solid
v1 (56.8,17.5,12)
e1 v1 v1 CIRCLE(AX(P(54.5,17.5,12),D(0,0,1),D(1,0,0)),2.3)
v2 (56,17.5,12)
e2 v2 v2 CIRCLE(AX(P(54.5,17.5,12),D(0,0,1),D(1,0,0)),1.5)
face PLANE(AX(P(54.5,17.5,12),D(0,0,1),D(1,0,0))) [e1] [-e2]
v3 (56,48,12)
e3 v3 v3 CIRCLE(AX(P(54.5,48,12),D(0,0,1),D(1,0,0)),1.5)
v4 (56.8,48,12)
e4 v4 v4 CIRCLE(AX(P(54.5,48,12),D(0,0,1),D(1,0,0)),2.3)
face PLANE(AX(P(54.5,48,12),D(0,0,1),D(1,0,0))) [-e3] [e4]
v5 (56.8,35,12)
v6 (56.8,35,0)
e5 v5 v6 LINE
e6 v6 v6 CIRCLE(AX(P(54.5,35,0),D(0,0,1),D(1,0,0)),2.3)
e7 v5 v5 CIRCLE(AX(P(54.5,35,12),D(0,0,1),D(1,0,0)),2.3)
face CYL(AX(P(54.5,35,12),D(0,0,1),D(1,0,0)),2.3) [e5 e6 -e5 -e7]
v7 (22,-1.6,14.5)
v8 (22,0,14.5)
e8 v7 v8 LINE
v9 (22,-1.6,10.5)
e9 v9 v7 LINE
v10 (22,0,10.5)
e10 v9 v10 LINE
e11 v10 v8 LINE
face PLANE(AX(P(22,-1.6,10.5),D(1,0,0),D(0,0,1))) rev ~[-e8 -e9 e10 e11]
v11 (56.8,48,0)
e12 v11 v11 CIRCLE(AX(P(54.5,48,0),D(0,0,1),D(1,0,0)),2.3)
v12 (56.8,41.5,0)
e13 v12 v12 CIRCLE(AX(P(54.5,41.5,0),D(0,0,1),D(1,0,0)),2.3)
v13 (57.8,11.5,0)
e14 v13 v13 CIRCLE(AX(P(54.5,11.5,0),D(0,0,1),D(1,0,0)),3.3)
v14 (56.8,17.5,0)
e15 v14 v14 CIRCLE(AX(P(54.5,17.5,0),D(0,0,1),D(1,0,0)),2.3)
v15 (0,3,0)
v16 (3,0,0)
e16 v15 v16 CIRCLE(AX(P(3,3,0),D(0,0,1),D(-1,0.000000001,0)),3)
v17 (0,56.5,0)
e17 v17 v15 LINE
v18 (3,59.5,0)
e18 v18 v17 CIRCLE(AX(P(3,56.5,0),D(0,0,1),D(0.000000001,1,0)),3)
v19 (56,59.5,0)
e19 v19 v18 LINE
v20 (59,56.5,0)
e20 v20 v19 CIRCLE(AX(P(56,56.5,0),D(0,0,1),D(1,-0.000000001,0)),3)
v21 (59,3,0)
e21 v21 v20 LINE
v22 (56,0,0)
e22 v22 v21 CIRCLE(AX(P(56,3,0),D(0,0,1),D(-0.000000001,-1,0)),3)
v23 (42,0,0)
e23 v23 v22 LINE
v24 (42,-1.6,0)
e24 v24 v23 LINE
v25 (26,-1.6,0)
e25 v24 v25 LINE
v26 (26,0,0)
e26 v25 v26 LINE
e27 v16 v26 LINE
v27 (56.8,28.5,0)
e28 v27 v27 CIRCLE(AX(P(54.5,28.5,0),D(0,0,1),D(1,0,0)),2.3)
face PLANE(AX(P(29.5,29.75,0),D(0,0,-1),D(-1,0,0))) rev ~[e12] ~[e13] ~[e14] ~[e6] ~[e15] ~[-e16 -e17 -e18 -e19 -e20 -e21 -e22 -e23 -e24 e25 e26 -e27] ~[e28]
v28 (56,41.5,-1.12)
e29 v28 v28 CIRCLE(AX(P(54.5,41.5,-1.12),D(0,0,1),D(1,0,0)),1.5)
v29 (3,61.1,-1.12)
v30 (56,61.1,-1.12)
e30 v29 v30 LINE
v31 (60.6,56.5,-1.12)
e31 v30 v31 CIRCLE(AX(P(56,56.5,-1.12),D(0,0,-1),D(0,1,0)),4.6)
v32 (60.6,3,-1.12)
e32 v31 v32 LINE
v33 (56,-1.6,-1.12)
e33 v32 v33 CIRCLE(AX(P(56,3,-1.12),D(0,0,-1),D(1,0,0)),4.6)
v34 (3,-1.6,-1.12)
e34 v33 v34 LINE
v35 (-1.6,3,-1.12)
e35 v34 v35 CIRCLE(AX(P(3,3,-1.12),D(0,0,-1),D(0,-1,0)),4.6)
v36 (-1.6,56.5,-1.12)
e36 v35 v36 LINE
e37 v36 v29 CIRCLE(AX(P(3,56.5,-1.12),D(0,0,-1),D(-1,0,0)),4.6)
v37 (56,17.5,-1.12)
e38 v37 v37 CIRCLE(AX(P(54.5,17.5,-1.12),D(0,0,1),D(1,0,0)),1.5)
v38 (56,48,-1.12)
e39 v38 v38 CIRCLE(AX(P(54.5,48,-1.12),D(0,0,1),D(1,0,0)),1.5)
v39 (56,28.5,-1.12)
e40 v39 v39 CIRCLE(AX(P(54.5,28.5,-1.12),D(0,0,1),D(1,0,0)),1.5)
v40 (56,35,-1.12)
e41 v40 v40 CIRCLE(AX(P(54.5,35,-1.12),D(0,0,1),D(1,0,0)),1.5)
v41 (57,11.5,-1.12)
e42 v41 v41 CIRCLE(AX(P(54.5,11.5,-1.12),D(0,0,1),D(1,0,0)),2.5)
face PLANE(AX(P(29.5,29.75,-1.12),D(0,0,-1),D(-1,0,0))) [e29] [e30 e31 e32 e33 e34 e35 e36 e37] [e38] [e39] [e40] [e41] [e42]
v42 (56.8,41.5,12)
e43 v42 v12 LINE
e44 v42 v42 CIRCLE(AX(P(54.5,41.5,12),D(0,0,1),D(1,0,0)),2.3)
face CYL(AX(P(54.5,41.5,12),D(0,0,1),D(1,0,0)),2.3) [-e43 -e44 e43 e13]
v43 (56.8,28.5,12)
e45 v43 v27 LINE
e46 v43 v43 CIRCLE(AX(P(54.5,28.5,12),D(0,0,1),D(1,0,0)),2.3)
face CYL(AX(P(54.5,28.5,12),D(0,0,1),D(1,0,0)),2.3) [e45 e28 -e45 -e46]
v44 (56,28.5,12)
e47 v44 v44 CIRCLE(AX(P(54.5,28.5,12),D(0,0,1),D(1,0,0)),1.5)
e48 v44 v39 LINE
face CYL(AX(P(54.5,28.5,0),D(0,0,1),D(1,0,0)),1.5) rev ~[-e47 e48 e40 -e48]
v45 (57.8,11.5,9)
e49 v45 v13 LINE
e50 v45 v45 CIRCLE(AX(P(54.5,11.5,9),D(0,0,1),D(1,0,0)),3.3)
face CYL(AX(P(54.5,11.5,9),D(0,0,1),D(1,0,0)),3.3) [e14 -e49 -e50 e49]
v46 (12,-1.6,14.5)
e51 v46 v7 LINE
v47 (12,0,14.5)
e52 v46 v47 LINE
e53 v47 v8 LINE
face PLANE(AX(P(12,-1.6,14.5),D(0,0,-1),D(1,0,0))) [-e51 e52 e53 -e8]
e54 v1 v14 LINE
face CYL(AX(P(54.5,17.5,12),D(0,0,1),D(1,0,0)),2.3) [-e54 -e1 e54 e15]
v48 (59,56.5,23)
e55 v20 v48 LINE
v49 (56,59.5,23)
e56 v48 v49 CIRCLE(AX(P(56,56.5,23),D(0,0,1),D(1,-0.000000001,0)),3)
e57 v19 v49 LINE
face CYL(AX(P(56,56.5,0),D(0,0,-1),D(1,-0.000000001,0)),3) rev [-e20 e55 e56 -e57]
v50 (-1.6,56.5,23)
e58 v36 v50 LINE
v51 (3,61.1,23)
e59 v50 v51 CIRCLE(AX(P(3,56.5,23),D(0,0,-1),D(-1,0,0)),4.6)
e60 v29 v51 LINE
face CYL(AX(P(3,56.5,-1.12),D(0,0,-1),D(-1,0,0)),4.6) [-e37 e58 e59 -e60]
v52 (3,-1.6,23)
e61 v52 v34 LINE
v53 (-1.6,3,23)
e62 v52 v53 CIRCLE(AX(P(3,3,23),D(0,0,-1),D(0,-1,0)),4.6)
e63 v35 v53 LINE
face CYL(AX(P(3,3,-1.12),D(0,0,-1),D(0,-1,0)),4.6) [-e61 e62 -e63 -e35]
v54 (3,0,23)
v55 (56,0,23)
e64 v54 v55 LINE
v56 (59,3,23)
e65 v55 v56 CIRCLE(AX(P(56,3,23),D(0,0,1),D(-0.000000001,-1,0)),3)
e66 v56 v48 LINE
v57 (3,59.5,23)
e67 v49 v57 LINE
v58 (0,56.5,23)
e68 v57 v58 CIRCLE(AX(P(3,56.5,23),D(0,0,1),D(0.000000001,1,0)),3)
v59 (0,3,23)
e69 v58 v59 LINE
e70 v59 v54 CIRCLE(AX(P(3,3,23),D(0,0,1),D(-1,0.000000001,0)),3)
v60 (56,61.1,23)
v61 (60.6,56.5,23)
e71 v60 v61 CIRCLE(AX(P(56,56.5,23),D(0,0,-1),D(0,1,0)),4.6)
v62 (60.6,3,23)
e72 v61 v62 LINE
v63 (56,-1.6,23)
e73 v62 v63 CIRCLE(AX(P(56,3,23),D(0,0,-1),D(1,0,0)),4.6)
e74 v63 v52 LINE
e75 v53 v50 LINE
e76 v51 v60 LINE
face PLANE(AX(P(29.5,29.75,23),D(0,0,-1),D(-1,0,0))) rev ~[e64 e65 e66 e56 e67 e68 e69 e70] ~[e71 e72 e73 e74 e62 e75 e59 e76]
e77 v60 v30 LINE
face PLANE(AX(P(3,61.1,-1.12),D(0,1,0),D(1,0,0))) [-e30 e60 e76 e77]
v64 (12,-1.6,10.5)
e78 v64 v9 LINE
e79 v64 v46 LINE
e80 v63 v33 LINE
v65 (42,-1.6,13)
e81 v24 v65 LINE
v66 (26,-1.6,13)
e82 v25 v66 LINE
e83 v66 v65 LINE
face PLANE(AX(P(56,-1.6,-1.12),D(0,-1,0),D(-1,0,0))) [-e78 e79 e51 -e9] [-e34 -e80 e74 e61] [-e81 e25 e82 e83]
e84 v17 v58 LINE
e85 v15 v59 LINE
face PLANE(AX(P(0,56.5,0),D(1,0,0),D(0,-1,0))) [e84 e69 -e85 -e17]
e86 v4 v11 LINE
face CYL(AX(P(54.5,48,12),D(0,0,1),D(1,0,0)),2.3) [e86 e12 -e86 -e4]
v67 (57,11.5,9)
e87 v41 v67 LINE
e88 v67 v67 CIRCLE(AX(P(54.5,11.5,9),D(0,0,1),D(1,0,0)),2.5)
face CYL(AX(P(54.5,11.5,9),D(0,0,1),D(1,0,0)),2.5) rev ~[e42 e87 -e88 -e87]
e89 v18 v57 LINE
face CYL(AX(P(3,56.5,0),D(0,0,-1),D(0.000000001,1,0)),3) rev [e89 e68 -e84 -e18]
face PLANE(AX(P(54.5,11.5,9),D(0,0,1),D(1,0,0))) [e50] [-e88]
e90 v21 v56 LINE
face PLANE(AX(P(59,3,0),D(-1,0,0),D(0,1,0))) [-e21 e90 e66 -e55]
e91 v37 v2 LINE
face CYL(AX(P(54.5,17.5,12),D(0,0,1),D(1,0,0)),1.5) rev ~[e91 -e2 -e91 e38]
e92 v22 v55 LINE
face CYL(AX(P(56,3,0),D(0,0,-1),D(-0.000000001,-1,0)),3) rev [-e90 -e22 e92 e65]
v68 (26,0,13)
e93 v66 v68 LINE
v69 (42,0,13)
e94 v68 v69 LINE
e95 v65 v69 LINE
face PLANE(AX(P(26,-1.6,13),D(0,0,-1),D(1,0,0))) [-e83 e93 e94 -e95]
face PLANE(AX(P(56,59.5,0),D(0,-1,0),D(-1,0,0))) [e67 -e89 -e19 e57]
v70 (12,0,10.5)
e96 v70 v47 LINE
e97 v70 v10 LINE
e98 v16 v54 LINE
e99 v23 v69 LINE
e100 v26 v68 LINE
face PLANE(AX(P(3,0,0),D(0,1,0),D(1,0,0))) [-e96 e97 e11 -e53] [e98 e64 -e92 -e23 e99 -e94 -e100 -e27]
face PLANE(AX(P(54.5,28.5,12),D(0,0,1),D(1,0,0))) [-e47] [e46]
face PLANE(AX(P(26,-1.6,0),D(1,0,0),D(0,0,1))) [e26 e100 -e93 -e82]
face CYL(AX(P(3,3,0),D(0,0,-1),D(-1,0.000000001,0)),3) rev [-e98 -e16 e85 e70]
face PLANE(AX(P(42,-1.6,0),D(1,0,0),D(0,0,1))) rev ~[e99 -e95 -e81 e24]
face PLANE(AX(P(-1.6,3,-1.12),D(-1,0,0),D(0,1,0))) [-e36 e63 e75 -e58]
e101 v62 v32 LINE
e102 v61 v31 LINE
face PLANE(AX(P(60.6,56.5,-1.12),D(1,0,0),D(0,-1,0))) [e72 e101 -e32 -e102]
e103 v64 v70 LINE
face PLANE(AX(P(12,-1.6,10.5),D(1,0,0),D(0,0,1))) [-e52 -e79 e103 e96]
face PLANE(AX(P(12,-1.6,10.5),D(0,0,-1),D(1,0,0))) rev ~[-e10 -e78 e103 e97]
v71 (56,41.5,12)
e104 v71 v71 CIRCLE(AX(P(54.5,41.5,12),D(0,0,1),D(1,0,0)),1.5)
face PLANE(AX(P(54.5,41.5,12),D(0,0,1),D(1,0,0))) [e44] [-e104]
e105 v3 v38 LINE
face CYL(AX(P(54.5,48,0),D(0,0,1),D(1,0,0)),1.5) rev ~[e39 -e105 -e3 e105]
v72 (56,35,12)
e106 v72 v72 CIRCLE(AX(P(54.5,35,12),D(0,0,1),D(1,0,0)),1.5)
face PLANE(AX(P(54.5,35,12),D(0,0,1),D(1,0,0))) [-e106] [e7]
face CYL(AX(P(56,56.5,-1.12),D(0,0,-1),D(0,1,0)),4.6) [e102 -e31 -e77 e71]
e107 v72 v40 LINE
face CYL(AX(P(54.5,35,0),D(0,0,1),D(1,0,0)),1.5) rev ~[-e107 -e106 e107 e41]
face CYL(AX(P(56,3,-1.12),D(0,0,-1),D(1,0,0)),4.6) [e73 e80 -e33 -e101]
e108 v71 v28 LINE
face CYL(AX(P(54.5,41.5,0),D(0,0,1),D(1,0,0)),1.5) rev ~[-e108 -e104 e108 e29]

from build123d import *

# Parameters (mm, degrees)
PARED_DEPTH             = 23
CONECTORES_REACH        = 92.181
CROQUIS2_W              = 16
CROQUIS2_H              = 13
CROQUIS2_W_2            = 10
CROQUIS2_H_2            = 4
BASE_START              = -1.12
BASE_FRENTE_DEPTH       = 1.12
LUCES_REACH             = 91.076
CROQUIS3_R              = 1.5
CROQUIS3_R_2            = 2.5
SALIENTE_EXTRUIR1_START = 12
CROQUIS3_3_R            = 2.3
CROQUIS3_3_R_2          = 1.5
SALIENTE_EXTRUIR1_DEPTH = 12
SALIENTE_EXTRUIR2_START = 9
CROQUIS3_4_R            = 3.3
CROQUIS3_4_R_2          = 2.5
SALIENTE_EXTRUIR2_DEPTH = 9


with BuildPart() as part:
    # Croquis1 → pared (new body)
    with BuildSketch(Plane.XY):
        with BuildLine():
            Line((3, 61.1), (56, 61.1))
            ThreePointArc((56, 61.1), (59.252691193, 59.752691193), (60.6, 56.5))
            Line((60.6, 56.5), (60.6, 3))
            ThreePointArc((60.6, 3), (59.252691193, -0.252691193), (56, -1.6))
            Line((56, -1.6), (3, -1.6))
            ThreePointArc((3, -1.6), (-0.252691193, -0.252691193), (-1.6, 3))
            Line((-1.6, 3), (-1.6, 56.5))
            ThreePointArc((-1.6, 56.5), (-0.252691193, 59.752691193), (3, 61.1))
        make_face()
        with BuildLine():
            Line((3, 0), (56, 0))
            ThreePointArc((56, 0), (58.121320344, 0.878679656), (59, 3))
            Line((59, 3), (59, 56.5))
            ThreePointArc((59, 56.5), (58.121320344, 58.621320344), (56, 59.5))
            Line((56, 59.5), (3, 59.5))
            ThreePointArc((3, 59.5), (0.878679656, 58.621320344), (0, 56.5))
            Line((0, 56.5), (0, 3))
            ThreePointArc((0, 3), (0.878679656, 0.878679656), (3, 0))
        make_face(mode=Mode.SUBTRACT)
    extrude(amount=PARED_DEPTH)

    # Croquis2 → conectores (cut, up to next)
    with BuildSketch(Plane.XZ.offset(1.6), mode=Mode.PRIVATE) as conectores_sk1:
        with Locations((34, 6.5)):
            Rectangle(CROQUIS2_W, CROQUIS2_H)
    conectores_tool1 = extrude(conectores_sk1.sketch, amount=-CONECTORES_REACH, mode=Mode.PRIVATE) & part.part
    # Croquis2 → conectores (cut, up to next)
    with BuildSketch(Plane.XZ.offset(1.6), mode=Mode.PRIVATE) as conectores_sk2:
        with Locations((17, 12.5)):
            Rectangle(CROQUIS2_W_2, CROQUIS2_H_2)
    conectores_tool2 = extrude(conectores_sk2.sketch, amount=-CONECTORES_REACH, mode=Mode.PRIVATE) & part.part
    add(conectores_tool1.solids().sort_by_distance((34, -1.6, 6.5))[0], mode=Mode.SUBTRACT)
    add(conectores_tool2.solids().sort_by_distance((17, -1.6, 12.5))[0], mode=Mode.SUBTRACT)

    # Croquis1<2> → base frente (add)
    with BuildSketch(Plane.XY.offset(BASE_START)):
        with BuildLine():
            Line((3, 61.1), (56, 61.1))
            ThreePointArc((56, 61.1), (59.252691193, 59.752691193), (60.6, 56.5))
            Line((60.6, 56.5), (60.6, 3))
            ThreePointArc((60.6, 3), (59.252691193, -0.252691193), (56, -1.6))
            Line((56, -1.6), (3, -1.6))
            ThreePointArc((3, -1.6), (-0.252691193, -0.252691193), (-1.6, 3))
            Line((-1.6, 3), (-1.6, 56.5))
            ThreePointArc((-1.6, 56.5), (-0.252691193, 59.752691193), (3, 61.1))
        make_face()
    extrude(amount=BASE_FRENTE_DEPTH)

    # Croquis3 → luces (cut, up to next)
    with BuildSketch(Plane.XY, mode=Mode.PRIVATE) as luces_sk1:
        with Locations((54.5, 48)):
            Circle(CROQUIS3_R)
    luces_tool1 = extrude(luces_sk1.sketch, amount=-LUCES_REACH, mode=Mode.PRIVATE) & part.part
    # Croquis3 → luces (cut, up to next)
    with BuildSketch(Plane.XY, mode=Mode.PRIVATE) as luces_sk2:
        with Locations((54.5, 41.5)):
            Circle(CROQUIS3_R)
    luces_tool2 = extrude(luces_sk2.sketch, amount=-LUCES_REACH, mode=Mode.PRIVATE) & part.part
    # Croquis3 → luces (cut, up to next)
    with BuildSketch(Plane.XY, mode=Mode.PRIVATE) as luces_sk3:
        with Locations((54.5, 35)):
            Circle(CROQUIS3_R)
    luces_tool3 = extrude(luces_sk3.sketch, amount=-LUCES_REACH, mode=Mode.PRIVATE) & part.part
    # Croquis3 → luces (cut, up to next)
    with BuildSketch(Plane.XY, mode=Mode.PRIVATE) as luces_sk4:
        with Locations((54.5, 28.5)):
            Circle(CROQUIS3_R)
    luces_tool4 = extrude(luces_sk4.sketch, amount=-LUCES_REACH, mode=Mode.PRIVATE) & part.part
    # Croquis3 → luces (cut, up to next)
    with BuildSketch(Plane.XY, mode=Mode.PRIVATE) as luces_sk5:
        with Locations((54.5, 17.5)):
            Circle(CROQUIS3_R)
    luces_tool5 = extrude(luces_sk5.sketch, amount=-LUCES_REACH, mode=Mode.PRIVATE) & part.part
    # Croquis3 → luces (cut, up to next)
    with BuildSketch(Plane.XY, mode=Mode.PRIVATE) as luces_sk6:
        with Locations((54.5, 11.5)):
            Circle(CROQUIS3_R_2)
    luces_tool6 = extrude(luces_sk6.sketch, amount=-LUCES_REACH, mode=Mode.PRIVATE) & part.part
    add(luces_tool1.solids().sort_by_distance((54.5, 48, 0))[0], mode=Mode.SUBTRACT)
    add(luces_tool2.solids().sort_by_distance((54.5, 41.5, 0))[0], mode=Mode.SUBTRACT)
    add(luces_tool3.solids().sort_by_distance((54.5, 35, 0))[0], mode=Mode.SUBTRACT)
    add(luces_tool4.solids().sort_by_distance((54.5, 28.5, 0))[0], mode=Mode.SUBTRACT)
    add(luces_tool5.solids().sort_by_distance((54.5, 17.5, 0))[0], mode=Mode.SUBTRACT)
    add(luces_tool6.solids().sort_by_distance((54.5, 11.5, 0))[0], mode=Mode.SUBTRACT)

    # Croquis3<3> → Saliente-Extruir1 (add)
    # profile 1 of 5: a face of its own
    with BuildSketch(Plane.XY.offset(SALIENTE_EXTRUIR1_START)):
        with Locations((54.5, 17.5)):
            Circle(CROQUIS3_3_R)
        with Locations((54.5, 17.5)):
            Circle(CROQUIS3_3_R_2, mode=Mode.SUBTRACT)
    # profile 2 of 5: a face of its own
    with BuildSketch(Plane.XY.offset(SALIENTE_EXTRUIR1_START)):
        with Locations((54.5, 28.5)):
            Circle(CROQUIS3_3_R)
        with Locations((54.5, 28.5)):
            Circle(CROQUIS3_3_R_2, mode=Mode.SUBTRACT)
    # profile 3 of 5: a face of its own
    with BuildSketch(Plane.XY.offset(SALIENTE_EXTRUIR1_START)):
        with Locations((54.5, 35)):
            Circle(CROQUIS3_3_R)
        with Locations((54.5, 35)):
            Circle(CROQUIS3_3_R_2, mode=Mode.SUBTRACT)
    # profile 4 of 5: a face of its own
    with BuildSketch(Plane.XY.offset(SALIENTE_EXTRUIR1_START)):
        with Locations((54.5, 41.5)):
            Circle(CROQUIS3_3_R)
        with Locations((54.5, 41.5)):
            Circle(CROQUIS3_3_R_2, mode=Mode.SUBTRACT)
    # profile 5 of 5: a face of its own
    with BuildSketch(Plane.XY.offset(SALIENTE_EXTRUIR1_START)):
        with Locations((54.5, 48)):
            Circle(CROQUIS3_3_R)
        with Locations((54.5, 48)):
            Circle(CROQUIS3_3_R_2, mode=Mode.SUBTRACT)
    extrude(amount=-SALIENTE_EXTRUIR1_DEPTH)

    # Croquis3<4> → Saliente-Extruir2 (add)
    with BuildSketch(Plane.XY.offset(SALIENTE_EXTRUIR2_START)):
        with Locations((54.5, 11.5)):
            Circle(CROQUIS3_4_R)
        with Locations((54.5, 11.5)):
            Circle(CROQUIS3_4_R_2, mode=Mode.SUBTRACT)
    extrude(amount=-SALIENTE_EXTRUIR2_DEPTH)


solid = part.part
